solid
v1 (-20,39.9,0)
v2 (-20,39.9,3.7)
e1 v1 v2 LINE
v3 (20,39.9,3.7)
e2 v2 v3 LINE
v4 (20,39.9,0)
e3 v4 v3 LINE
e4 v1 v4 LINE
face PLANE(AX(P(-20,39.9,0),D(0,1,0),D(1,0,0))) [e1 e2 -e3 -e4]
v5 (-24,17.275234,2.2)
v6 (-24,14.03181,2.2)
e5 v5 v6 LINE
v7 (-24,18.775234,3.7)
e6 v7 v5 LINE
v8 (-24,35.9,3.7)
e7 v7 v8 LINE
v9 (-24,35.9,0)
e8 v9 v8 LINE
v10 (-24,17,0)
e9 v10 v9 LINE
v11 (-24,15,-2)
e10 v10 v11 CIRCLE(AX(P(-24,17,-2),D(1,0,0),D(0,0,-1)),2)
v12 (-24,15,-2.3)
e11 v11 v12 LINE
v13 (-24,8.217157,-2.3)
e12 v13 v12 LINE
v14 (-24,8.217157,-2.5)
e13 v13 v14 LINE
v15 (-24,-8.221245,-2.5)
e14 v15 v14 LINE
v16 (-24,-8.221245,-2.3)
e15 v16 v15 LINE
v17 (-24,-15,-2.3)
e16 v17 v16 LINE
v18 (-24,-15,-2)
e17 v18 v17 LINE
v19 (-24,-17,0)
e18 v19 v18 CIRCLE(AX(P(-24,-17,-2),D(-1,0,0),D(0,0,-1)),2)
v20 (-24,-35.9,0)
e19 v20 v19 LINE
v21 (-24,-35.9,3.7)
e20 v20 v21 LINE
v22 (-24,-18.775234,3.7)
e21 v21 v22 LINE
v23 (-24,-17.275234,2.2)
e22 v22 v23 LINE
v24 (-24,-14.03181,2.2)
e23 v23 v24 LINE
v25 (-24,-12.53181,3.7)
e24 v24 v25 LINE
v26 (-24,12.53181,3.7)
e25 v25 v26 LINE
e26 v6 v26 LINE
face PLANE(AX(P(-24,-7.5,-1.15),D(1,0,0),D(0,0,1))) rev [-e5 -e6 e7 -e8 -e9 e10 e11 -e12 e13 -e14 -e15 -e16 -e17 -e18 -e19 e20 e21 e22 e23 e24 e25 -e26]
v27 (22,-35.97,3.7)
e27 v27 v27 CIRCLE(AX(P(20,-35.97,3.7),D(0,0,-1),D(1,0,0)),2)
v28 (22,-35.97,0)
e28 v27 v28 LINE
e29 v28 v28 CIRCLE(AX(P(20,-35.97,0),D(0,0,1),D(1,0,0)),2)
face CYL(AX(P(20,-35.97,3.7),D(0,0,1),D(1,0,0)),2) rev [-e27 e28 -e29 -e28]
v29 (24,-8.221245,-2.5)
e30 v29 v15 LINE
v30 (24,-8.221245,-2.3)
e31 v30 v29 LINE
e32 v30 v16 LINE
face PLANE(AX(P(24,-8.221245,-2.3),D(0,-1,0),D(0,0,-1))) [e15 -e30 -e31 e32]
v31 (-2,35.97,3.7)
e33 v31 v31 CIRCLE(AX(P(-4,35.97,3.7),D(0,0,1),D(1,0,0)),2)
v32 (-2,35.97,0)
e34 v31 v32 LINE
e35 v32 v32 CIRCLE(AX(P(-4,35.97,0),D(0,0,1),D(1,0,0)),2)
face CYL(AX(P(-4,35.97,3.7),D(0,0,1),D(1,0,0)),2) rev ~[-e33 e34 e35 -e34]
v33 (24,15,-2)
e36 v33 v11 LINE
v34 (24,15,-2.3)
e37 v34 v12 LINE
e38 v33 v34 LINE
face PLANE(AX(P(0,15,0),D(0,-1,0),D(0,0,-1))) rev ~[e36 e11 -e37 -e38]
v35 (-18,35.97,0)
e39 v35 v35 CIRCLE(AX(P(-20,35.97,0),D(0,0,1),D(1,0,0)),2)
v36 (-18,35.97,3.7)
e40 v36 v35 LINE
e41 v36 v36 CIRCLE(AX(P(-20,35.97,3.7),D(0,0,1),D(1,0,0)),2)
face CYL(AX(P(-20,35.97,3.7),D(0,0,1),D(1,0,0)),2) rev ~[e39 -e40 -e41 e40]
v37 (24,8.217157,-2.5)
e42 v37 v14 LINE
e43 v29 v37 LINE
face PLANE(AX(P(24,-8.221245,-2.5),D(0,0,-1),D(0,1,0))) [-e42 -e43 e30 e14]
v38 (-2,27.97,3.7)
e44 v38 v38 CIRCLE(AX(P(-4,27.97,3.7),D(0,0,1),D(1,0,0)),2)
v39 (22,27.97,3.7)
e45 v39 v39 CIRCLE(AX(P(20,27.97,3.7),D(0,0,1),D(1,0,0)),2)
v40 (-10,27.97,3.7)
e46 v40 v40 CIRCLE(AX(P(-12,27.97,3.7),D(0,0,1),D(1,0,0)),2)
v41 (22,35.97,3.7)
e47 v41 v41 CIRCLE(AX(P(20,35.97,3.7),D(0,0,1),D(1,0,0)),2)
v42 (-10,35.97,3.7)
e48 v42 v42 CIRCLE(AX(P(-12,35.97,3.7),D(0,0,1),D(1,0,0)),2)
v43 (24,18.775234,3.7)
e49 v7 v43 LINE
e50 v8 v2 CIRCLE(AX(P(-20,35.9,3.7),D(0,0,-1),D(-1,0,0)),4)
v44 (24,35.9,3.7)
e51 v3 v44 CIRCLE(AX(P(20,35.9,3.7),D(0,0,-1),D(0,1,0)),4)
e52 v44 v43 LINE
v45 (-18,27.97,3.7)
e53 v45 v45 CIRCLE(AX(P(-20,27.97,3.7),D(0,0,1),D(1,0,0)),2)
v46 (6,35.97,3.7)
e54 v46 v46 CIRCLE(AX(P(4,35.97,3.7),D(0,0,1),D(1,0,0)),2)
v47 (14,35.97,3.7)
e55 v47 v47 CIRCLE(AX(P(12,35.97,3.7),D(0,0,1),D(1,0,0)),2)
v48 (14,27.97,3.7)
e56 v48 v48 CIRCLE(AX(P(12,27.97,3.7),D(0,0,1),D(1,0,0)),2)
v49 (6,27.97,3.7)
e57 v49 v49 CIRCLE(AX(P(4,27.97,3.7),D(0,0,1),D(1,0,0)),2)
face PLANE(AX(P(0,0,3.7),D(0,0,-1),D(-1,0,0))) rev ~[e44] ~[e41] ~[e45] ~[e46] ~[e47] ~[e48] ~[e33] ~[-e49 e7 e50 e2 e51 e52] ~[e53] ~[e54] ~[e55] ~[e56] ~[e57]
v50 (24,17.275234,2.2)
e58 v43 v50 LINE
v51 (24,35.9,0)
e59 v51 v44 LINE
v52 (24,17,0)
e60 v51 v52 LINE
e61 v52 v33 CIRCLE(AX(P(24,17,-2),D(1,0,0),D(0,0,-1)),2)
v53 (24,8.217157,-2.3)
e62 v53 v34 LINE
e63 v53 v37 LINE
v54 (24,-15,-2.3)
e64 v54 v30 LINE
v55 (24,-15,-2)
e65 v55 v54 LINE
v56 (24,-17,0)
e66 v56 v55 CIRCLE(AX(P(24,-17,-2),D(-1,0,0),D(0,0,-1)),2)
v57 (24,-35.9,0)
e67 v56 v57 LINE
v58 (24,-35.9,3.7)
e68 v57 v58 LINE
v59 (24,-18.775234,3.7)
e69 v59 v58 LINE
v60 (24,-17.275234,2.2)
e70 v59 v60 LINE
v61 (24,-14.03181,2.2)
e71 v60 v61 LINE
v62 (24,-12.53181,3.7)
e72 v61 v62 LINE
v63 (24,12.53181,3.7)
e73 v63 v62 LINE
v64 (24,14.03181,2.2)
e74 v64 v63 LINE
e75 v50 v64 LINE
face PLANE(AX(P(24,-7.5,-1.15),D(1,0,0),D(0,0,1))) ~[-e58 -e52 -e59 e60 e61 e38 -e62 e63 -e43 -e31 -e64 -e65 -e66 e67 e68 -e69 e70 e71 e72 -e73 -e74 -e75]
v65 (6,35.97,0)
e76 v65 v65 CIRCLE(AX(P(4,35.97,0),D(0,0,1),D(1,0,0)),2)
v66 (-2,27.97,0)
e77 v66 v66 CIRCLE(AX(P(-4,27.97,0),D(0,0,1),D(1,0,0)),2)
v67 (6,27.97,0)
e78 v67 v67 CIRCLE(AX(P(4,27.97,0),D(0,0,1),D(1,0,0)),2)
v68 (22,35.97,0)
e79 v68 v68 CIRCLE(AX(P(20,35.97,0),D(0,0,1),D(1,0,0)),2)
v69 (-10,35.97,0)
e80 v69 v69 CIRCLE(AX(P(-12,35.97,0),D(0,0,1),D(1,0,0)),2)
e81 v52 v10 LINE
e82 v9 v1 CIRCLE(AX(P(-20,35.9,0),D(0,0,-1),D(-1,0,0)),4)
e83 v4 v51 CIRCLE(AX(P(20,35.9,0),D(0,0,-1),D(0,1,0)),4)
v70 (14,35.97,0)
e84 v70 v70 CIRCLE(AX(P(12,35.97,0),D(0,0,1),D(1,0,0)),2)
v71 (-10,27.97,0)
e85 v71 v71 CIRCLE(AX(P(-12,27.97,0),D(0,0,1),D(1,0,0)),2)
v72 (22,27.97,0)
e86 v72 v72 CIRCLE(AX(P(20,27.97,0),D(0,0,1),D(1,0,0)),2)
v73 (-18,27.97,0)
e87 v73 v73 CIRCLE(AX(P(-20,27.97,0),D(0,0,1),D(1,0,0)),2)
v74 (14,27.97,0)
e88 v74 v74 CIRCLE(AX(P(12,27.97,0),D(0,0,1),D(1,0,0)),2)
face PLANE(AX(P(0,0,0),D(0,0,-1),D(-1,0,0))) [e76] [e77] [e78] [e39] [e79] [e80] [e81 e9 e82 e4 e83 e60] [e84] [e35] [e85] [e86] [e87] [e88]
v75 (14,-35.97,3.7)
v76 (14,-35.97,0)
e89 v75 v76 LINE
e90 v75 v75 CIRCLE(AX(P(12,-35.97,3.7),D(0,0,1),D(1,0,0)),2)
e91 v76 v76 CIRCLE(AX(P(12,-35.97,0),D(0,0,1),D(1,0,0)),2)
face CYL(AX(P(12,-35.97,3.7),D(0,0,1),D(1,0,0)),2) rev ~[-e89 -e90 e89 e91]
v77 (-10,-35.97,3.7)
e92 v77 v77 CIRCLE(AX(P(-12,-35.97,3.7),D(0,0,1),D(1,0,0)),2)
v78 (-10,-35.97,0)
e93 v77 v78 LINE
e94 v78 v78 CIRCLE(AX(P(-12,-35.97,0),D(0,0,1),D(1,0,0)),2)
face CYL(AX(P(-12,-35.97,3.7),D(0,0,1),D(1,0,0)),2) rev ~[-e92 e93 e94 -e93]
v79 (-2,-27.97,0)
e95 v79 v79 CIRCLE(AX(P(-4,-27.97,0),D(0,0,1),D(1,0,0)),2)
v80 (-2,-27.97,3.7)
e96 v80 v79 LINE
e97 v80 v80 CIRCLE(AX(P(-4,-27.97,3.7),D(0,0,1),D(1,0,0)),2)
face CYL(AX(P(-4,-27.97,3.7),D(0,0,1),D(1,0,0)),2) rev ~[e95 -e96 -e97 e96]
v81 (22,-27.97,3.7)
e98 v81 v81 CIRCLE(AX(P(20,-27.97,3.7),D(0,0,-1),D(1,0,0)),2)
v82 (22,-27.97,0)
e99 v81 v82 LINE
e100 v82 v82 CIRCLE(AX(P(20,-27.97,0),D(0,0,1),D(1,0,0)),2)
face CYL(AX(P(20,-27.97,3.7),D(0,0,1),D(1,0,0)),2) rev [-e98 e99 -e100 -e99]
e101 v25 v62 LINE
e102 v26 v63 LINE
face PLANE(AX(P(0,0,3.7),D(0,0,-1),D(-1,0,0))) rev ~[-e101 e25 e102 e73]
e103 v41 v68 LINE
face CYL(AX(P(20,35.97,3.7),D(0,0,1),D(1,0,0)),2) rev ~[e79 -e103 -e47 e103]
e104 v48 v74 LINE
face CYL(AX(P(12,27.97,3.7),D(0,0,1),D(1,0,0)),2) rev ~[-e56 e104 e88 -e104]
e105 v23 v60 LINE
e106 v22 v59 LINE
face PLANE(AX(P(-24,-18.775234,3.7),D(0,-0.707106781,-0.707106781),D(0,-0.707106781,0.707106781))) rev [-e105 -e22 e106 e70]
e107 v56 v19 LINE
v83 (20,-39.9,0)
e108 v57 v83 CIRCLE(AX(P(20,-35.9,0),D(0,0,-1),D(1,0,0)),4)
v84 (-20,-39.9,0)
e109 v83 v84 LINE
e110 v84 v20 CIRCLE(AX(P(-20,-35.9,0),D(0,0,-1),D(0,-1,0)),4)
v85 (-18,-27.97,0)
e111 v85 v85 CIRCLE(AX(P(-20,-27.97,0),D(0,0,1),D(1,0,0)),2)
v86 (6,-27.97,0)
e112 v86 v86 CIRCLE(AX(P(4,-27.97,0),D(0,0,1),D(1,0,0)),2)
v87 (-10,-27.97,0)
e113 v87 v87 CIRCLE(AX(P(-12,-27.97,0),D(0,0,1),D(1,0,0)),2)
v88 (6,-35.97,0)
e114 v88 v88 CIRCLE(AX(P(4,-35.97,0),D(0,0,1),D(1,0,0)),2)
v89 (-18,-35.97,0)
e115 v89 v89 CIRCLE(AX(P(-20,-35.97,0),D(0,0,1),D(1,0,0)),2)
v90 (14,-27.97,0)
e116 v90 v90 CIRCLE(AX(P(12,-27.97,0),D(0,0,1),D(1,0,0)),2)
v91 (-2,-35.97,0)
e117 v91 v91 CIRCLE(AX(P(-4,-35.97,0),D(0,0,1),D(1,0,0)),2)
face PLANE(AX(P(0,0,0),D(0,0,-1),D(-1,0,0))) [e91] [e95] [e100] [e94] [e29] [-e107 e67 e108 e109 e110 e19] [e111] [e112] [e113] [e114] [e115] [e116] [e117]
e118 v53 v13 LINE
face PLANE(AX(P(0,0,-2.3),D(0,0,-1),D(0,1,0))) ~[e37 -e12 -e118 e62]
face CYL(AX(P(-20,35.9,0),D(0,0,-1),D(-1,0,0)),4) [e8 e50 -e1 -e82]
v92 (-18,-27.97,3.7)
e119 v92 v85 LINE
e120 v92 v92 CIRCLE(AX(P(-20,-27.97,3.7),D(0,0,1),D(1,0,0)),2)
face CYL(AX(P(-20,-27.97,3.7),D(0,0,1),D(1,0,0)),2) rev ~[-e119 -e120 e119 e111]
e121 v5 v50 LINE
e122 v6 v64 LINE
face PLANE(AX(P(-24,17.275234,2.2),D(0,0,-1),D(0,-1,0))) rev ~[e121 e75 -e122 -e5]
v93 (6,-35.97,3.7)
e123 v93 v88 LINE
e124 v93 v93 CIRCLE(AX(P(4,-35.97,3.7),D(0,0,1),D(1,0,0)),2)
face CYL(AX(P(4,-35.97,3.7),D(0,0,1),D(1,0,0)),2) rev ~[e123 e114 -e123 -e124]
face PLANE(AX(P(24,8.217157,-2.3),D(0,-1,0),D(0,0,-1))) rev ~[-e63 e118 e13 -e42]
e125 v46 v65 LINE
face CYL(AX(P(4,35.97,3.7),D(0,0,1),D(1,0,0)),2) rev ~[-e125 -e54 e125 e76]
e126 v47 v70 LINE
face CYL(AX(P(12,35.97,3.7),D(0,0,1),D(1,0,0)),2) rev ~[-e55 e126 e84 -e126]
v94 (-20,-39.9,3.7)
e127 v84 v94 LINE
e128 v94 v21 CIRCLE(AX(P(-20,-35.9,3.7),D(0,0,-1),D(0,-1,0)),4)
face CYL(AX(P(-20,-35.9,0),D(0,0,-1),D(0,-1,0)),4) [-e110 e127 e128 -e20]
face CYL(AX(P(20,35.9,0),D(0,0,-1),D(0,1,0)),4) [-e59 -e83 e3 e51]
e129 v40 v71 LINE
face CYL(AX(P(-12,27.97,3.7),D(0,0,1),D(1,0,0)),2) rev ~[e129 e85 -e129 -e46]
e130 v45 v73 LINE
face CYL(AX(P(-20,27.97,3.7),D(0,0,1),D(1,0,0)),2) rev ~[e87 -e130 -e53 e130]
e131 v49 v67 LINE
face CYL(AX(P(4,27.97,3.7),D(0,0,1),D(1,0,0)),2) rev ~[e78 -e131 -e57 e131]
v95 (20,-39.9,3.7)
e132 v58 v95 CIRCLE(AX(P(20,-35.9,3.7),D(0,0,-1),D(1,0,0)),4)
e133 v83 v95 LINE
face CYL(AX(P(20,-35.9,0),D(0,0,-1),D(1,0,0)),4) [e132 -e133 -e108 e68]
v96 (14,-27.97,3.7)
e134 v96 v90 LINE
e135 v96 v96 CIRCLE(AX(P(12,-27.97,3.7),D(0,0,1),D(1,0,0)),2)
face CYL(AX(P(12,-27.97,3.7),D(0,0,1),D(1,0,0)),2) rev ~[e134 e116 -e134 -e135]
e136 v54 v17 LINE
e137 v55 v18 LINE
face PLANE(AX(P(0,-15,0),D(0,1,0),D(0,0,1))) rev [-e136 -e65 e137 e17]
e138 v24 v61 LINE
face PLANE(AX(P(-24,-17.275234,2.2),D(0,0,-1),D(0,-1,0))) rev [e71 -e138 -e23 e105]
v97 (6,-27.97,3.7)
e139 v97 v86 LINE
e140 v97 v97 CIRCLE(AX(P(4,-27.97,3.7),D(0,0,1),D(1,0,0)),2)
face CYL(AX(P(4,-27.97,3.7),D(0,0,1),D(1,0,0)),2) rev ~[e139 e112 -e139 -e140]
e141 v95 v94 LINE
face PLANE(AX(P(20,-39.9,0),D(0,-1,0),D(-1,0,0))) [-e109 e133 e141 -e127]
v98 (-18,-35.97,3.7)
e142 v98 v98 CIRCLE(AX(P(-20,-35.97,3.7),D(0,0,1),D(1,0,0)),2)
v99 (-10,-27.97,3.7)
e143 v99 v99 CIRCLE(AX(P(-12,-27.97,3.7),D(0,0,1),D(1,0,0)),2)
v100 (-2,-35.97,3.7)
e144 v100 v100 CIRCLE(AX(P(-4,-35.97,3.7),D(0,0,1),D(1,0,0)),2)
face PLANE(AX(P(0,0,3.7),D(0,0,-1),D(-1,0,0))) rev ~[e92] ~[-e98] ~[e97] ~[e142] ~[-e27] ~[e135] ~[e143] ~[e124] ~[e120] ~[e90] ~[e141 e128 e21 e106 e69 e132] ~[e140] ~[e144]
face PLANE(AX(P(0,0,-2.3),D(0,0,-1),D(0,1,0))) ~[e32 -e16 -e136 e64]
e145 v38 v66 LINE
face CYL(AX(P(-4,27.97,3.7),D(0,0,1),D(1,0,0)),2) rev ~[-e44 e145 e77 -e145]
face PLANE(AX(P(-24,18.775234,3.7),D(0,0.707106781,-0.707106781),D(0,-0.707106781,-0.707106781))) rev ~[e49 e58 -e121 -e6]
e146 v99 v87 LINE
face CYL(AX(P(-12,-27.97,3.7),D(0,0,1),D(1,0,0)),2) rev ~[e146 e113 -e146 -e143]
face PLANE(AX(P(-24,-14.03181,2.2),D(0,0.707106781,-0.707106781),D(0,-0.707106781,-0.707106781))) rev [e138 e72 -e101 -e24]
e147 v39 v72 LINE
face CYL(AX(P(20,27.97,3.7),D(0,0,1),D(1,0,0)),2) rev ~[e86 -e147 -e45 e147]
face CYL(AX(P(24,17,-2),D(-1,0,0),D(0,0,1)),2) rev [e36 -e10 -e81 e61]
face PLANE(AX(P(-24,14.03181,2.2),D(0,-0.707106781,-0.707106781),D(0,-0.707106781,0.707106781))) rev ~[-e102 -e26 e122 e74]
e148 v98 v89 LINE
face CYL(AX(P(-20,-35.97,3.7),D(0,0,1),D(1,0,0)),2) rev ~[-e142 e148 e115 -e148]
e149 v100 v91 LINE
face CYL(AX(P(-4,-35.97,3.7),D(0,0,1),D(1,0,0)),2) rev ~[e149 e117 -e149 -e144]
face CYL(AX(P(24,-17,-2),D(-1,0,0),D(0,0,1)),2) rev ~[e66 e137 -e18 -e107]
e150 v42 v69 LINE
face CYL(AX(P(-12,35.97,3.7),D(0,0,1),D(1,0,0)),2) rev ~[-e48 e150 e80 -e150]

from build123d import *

# Parameters (mm, degrees)
BOSS_EXTRU_1_DEPTH         = 3.7
ESQUISSE2_R                = 2
ENL_V_MAT_EXTRU_1_DEPTH    = 47.708671572
R_P_TITION_LIN_AIRE1_COUNT = 6
R_P_TITION_LIN_AIRE1_PITCH = 8
SYM_TRIE1_COPY_1_SKETCH_R  = 2
SYM_TRIE1_COPY_1_DEPTH     = 47.708671572
SYM_TRIE1_COPY_2_SKETCH_R  = 2
SYM_TRIE1_COPY_2_DEPTH     = 47.708671572
SYM_TRIE1_COPY_3_SKETCH_R  = 2
SYM_TRIE1_COPY_3_DEPTH     = 47.708671572
SYM_TRIE1_COPY_4_SKETCH_R  = 2
SYM_TRIE1_COPY_4_DEPTH     = 47.708671572
SYM_TRIE1_COPY_5_SKETCH_R  = 2
SYM_TRIE1_COPY_5_DEPTH     = 47.708671572
ESQUISSE3_W                = 2.3
ESQUISSE3_H                = 15
BOSS_EXTRU_2_DEPTH         = 24
CONG_1_R                   = 2
CONG_1_OF_SYM_TRIE2_R      = 2
ENL_V_MAT_EXTRU_2_DEPTH    = 63.527593909
ESQUISSE5_W                = 0.2
ESQUISSE5_H                = 16.438402163
BOSS_EXTRU_3_DEPTH         = 48


with BuildPart() as part:
    # Esquisse1 → Boss.-Extru.1 (new body)
    with BuildSketch(Plane.XY):
        with BuildLine():
            Line((-20, 39.9), (20, 39.9))
            ThreePointArc((20, 39.9), (22.828427125, 38.728427125), (24, 35.9))
            Line((24, 35.9), (24, -35.9))
            ThreePointArc((24, -35.9), (22.828427125, -38.728427125), (20, -39.9))
            Line((20, -39.9), (-20, -39.9))
            ThreePointArc((-20, -39.9), (-22.828427125, -38.728427125), (-24, -35.9))
            Line((-24, -35.9), (-24, 35.9))
            ThreePointArc((-24, 35.9), (-22.828427125, 38.728427125), (-20, 39.9))
        make_face()
    extrude(amount=BOSS_EXTRU_1_DEPTH)

    # Esquisse2 → Enlèv. mat.-Extru.1 (cut, through all)
    with BuildSketch(Plane.XY.offset(3.7)):
        with Locations((20, 35.97)):
            Circle(ESQUISSE2_R)
        with Locations((20, 27.97)):
            Circle(ESQUISSE2_R)
    enl_v_mat_extru_1 = extrude(amount=-ENL_V_MAT_EXTRU_1_DEPTH, mode=Mode.SUBTRACT)

    # Répétition linéaire1: Enlèv. mat.-Extru.1 ×6
    with Locations(*[(-i * R_P_TITION_LIN_AIRE1_PITCH, 0, 0) for i in range(1, R_P_TITION_LIN_AIRE1_COUNT)]):
        add(enl_v_mat_extru_1, mode=Mode.SUBTRACT)

    # Symétrie1: Enlèv. mat.-Extru.1 across plane
    add(enl_v_mat_extru_1.mirror(Plane.ZX), mode=Mode.SUBTRACT)

    # Symétrie1 copy 1 sketch → Symétrie1 copy 1 (cut, through all)
    with BuildSketch(Plane(origin=(-8, 0, 3.7), x_dir=(1, 0, 0), z_dir=(0, 0, 1))):
        with Locations((20, -35.97)):
            Circle(SYM_TRIE1_COPY_1_SKETCH_R)
        with Locations((20, -27.97)):
            Circle(SYM_TRIE1_COPY_1_SKETCH_R)
    extrude(amount=-SYM_TRIE1_COPY_1_DEPTH, mode=Mode.SUBTRACT)

    # Symétrie1 copy 2 sketch → Symétrie1 copy 2 (cut, through all)
    with BuildSketch(Plane(origin=(-16, 0, 3.7), x_dir=(1, 0, 0), z_dir=(0, 0, 1))):
        with Locations((20, -35.97)):
            Circle(SYM_TRIE1_COPY_2_SKETCH_R)
        with Locations((20, -27.97)):
            Circle(SYM_TRIE1_COPY_2_SKETCH_R)
    extrude(amount=-SYM_TRIE1_COPY_2_DEPTH, mode=Mode.SUBTRACT)

    # Symétrie1 copy 3 sketch → Symétrie1 copy 3 (cut, through all)
    with BuildSketch(Plane(origin=(-24, 0, 3.7), x_dir=(1, 0, 0), z_dir=(0, 0, 1))):
        with Locations((20, -35.97)):
            Circle(SYM_TRIE1_COPY_3_SKETCH_R)
        with Locations((20, -27.97)):
            Circle(SYM_TRIE1_COPY_3_SKETCH_R)
    extrude(amount=-SYM_TRIE1_COPY_3_DEPTH, mode=Mode.SUBTRACT)

    # Symétrie1 copy 4 sketch → Symétrie1 copy 4 (cut, through all)
    with BuildSketch(Plane(origin=(-32, 0, 3.7), x_dir=(1, 0, 0), z_dir=(0, 0, 1))):
        with Locations((20, -35.97)):
            Circle(SYM_TRIE1_COPY_4_SKETCH_R)
        with Locations((20, -27.97)):
            Circle(SYM_TRIE1_COPY_4_SKETCH_R)
    extrude(amount=-SYM_TRIE1_COPY_4_DEPTH, mode=Mode.SUBTRACT)

    # Symétrie1 copy 5 sketch → Symétrie1 copy 5 (cut, through all)
    with BuildSketch(Plane(origin=(-40, 0, 3.7), x_dir=(1, 0, 0), z_dir=(0, 0, 1))):
        with Locations((20, -35.97)):
            Circle(SYM_TRIE1_COPY_5_SKETCH_R)
        with Locations((20, -27.97)):
            Circle(SYM_TRIE1_COPY_5_SKETCH_R)
    extrude(amount=-SYM_TRIE1_COPY_5_DEPTH, mode=Mode.SUBTRACT)

    # Esquisse3 → Boss.-Extru.2 (add, symmetric)
    with BuildSketch(Plane(origin=(0, 0, 0), x_dir=(0, 0, -1), z_dir=(1, 0, 0))):
        with Locations((1.15, 7.5)):
            Rectangle(ESQUISSE3_W, ESQUISSE3_H)
    boss_extru_2 = extrude(amount=BOSS_EXTRU_2_DEPTH, both=True)

    # Congé1
    cong_1_edges = [part.edges().sort_by_distance(p)[0] for p in [
        (0, 15, 0),
    ]]
    fillet(cong_1_edges, radius=CONG_1_R)

    # Symétrie2: Boss.-Extru.2 across plane
    add(boss_extru_2.mirror(Plane.ZX))

    # Congé1 of Symétrie2
    cong_1_of_sym_trie2_edges = [part.edges().sort_by_distance(p)[0] for p in [
        (0, -15, 0),
    ]]
    fillet(cong_1_of_sym_trie2_edges, radius=CONG_1_OF_SYM_TRIE2_R)

    # Esquisse4 → Enlèv. mat.-Extru.2 (cut, through all)
    with BuildSketch(Plane.ZY.offset(24)):
        Polygon((3.7, 18.775233884), (2.2, 17.275233884), (2.2, 14.031809695), (3.7, 12.531809695), align=None)
    enl_v_mat_extru_2 = extrude(amount=-ENL_V_MAT_EXTRU_2_DEPTH, mode=Mode.SUBTRACT)

    # Symétrie3: Enlèv. mat.-Extru.2 across plane
    add(enl_v_mat_extru_2.mirror(Plane.ZX), mode=Mode.SUBTRACT)

    # Esquisse5 → Boss.-Extru.3 (add, through all)
    with BuildSketch(Plane(origin=(24, 0, 0), x_dir=(0, 0, -1), z_dir=(1, 0, 0))):
        with Locations((2.4, -0.002043793)):
            Rectangle(ESQUISSE5_W, ESQUISSE5_H)
    extrude(amount=-BOSS_EXTRU_3_DEPTH)


solid = part.part
